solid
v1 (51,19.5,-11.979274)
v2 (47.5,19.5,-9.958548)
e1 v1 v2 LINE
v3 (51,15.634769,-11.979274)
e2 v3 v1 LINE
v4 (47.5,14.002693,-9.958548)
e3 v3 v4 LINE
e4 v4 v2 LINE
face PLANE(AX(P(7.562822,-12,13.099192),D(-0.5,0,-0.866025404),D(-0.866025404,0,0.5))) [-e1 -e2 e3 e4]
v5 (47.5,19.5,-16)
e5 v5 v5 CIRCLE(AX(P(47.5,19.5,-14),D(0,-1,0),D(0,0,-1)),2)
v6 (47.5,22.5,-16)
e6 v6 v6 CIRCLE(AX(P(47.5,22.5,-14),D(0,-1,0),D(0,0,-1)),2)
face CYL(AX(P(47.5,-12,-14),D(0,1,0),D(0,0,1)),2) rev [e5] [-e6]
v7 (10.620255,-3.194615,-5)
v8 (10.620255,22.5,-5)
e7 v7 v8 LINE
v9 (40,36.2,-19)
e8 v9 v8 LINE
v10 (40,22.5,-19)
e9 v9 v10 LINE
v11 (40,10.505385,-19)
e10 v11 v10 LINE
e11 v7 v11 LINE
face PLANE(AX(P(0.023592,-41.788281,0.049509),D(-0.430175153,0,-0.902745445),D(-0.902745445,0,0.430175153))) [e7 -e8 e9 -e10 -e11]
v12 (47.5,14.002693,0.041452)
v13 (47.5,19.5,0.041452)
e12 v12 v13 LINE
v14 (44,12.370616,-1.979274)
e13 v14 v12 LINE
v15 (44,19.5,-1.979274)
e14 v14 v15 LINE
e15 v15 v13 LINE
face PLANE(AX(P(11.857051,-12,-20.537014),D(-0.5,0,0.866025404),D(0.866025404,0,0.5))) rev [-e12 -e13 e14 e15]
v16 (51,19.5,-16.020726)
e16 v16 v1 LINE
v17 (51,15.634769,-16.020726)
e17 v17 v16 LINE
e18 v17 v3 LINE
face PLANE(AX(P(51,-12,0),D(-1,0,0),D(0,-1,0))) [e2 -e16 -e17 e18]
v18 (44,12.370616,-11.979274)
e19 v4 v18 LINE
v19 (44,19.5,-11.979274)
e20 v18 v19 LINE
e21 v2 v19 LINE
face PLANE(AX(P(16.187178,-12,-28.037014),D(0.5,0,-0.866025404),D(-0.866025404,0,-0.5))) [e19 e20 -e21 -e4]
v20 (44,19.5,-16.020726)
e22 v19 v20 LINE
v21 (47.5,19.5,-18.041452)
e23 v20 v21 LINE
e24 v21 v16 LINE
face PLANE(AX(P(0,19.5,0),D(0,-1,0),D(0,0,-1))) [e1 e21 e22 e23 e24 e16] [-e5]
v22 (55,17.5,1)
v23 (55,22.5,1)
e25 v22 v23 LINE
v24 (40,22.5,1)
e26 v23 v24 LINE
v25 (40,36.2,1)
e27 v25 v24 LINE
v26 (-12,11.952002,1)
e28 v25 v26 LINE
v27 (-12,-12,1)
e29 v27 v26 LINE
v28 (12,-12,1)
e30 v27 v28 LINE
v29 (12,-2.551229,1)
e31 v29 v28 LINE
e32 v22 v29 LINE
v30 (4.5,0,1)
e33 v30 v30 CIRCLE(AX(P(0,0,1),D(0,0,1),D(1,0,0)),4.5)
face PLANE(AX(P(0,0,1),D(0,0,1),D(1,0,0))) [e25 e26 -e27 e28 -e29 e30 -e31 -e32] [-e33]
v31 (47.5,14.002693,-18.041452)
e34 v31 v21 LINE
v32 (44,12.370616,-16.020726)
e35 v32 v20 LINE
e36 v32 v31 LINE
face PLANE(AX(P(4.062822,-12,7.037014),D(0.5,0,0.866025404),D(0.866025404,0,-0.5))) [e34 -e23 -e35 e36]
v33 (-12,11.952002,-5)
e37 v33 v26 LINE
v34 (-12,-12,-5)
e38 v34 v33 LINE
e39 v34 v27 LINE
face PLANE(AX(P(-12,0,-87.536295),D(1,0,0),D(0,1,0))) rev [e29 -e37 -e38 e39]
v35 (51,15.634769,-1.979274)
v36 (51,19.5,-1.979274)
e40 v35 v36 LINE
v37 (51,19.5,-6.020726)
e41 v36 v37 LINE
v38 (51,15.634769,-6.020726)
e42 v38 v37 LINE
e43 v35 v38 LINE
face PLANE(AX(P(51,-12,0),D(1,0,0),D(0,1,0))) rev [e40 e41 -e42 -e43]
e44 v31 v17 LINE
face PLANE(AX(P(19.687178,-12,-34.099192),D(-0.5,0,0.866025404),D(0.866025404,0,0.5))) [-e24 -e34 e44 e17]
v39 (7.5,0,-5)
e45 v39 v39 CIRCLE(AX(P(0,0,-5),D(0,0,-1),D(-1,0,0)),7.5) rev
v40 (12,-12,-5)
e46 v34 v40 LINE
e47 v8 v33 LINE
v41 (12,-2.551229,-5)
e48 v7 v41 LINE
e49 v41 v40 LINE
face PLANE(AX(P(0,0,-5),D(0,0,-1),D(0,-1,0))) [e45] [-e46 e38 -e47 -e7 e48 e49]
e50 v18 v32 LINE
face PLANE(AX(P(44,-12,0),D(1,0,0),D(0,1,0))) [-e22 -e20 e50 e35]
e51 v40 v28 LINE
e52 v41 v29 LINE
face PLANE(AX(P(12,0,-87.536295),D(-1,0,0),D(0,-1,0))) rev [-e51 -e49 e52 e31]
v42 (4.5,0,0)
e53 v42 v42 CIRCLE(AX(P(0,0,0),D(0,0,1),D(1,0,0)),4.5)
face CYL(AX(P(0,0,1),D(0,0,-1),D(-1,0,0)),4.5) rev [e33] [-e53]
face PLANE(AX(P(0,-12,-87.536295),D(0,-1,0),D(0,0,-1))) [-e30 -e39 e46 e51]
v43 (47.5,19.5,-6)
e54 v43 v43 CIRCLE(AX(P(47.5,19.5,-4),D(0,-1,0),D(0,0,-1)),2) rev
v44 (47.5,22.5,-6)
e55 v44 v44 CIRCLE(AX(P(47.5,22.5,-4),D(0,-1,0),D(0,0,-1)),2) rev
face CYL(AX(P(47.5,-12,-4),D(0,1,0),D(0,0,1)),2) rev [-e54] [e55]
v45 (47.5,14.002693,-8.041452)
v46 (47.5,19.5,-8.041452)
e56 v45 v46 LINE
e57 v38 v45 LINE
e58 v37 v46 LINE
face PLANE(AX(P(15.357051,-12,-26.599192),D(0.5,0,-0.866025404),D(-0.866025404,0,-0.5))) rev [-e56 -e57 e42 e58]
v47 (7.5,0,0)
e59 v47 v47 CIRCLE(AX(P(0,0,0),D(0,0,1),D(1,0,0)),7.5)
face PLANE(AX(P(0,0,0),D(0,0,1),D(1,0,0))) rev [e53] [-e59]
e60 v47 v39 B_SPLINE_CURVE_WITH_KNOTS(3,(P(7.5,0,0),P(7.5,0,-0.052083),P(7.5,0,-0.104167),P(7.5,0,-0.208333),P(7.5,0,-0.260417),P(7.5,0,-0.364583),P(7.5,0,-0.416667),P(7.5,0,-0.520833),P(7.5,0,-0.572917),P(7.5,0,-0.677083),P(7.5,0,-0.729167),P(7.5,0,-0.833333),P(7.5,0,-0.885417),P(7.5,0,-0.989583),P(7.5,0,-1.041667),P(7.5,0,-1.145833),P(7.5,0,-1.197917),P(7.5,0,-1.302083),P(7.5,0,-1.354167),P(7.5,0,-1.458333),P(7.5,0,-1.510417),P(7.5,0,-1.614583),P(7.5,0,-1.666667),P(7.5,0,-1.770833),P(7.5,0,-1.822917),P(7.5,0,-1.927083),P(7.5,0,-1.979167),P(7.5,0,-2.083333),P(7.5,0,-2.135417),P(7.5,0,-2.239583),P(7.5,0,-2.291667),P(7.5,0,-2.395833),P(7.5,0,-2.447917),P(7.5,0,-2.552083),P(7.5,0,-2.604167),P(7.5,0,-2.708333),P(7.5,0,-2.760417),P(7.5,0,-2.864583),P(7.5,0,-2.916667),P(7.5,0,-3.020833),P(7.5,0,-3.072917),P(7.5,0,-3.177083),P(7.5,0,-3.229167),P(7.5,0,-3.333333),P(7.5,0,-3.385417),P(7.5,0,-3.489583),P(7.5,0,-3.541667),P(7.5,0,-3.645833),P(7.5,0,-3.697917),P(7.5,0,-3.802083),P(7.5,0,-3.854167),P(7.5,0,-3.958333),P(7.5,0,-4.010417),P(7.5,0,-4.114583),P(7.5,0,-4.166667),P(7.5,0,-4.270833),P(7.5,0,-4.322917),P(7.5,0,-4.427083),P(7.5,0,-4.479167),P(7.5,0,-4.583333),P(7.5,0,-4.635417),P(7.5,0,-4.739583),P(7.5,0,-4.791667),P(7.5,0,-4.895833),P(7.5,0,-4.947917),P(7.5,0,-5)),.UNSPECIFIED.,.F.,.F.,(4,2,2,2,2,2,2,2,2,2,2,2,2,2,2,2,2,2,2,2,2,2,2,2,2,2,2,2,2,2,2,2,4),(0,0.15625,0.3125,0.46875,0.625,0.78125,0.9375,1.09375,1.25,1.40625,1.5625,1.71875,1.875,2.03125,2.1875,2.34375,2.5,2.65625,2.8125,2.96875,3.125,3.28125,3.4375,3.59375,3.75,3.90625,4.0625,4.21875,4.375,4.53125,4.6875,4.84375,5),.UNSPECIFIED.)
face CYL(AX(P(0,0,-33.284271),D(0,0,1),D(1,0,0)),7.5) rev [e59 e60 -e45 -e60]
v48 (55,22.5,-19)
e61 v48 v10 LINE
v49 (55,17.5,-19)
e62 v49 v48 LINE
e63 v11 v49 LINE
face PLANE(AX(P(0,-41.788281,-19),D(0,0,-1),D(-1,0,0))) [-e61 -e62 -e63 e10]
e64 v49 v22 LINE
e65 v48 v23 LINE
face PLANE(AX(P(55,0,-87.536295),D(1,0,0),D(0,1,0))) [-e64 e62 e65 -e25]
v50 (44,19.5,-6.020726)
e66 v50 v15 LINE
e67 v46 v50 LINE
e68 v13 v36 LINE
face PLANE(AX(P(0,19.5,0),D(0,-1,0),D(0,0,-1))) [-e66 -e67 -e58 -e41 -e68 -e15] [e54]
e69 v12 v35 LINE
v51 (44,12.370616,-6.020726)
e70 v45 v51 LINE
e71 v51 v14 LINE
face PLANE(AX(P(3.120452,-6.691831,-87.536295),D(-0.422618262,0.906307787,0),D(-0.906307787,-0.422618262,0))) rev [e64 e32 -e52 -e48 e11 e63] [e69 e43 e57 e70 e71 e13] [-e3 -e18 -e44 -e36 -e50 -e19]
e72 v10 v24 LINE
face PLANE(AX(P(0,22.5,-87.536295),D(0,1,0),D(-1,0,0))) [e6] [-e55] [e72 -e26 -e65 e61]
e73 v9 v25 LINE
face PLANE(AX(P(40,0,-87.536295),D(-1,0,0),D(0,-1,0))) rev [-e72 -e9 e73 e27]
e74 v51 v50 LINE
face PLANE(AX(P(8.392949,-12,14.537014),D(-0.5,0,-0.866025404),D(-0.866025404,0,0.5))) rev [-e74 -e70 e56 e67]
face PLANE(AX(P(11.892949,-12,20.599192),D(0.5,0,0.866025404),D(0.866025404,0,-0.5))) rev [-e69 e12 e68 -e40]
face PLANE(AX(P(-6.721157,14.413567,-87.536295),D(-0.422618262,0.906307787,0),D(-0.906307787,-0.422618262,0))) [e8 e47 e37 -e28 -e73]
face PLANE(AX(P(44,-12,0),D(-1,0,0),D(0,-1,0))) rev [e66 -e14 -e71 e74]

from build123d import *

# Parameters (mm, degrees)
SKETCH1_R           = 10
SKETCH1_R_2         = 7.5
BOSS_EXTRUDE1_DEPTH = 5
BOSS_EXTRUDE2_START = 1
SKETCH1_3_R         = 10
SKETCH1_3_R_2       = 7.5
SKETCH1_3_R_3       = 4.5
BOSS_EXTRUDE2_DEPTH = 1
SKETCH2_R           = 10
BOSS_EXTRUDE3_DEPTH = 6
BOSS_EXTRUDE7_REACH = 67.117
SKETCH3_W           = 15
SKETCH3_H           = 14
SKETCH4_R           = 2
CUT_EXTRUDE4_DEPTH  = 68.647985927
CUT_EXTRUDE5_START  = 3
SKETCH4_3_R         = 2
CUT_EXTRUDE5_DEPTH  = 65.647985927
BOSS_EXTRUDE8_REACH = 69.648


with BuildPart() as part:
    # Sketch1 → Boss-Extrude1 (new body)
    with BuildSketch(Plane.XY):
        Circle(SKETCH1_R)
        Circle(SKETCH1_R_2, mode=Mode.SUBTRACT)
    extrude(amount=-BOSS_EXTRUDE1_DEPTH)

    # Sketch1<3> → Boss-Extrude2 (add)
    # profile 1 of 2: a face of its own
    with BuildSketch(Plane.XY.offset(BOSS_EXTRUDE2_START)):
        Circle(SKETCH1_3_R)
        Circle(SKETCH1_3_R_2, mode=Mode.SUBTRACT)
    # profile 2 of 2: a face of its own
    with BuildSketch(Plane.XY.offset(BOSS_EXTRUDE2_START)):
        Circle(SKETCH1_3_R_2)
        Circle(SKETCH1_3_R_3, mode=Mode.SUBTRACT)
    extrude(amount=-BOSS_EXTRUDE2_DEPTH)

    # Sketch2 → Boss-Extrude3 (add)
    with BuildSketch(Plane.XY.offset(1)):
        Polygon((55, 17.5), (55, 22.5), (40, 22.5), (40, 36.2), (-12, 11.952001776), (-12, -12), (12, -12), (12, -2.551229301), align=None)
        Circle(SKETCH2_R, mode=Mode.SUBTRACT)
    extrude(amount=-BOSS_EXTRUDE3_DEPTH)

    # Boss-Extrude7: up to this plane
    boss_extrude7_end = Plane(origin=(3.120451856, -6.691830601, -87.536295046), z_dir=(-0.422618261740692, 0.9063077870366535, 0))
    # Sketch3 → Boss-Extrude7 (add, up to the surface)
    with BuildSketch(Plane.XZ.offset(-22.5), mode=Mode.PRIVATE) as boss_extrude7_sk1:
        Polygon((40, -5), (40, -19), (10.620255189, -5), align=None)
    boss_extrude7_tool1 = split(extrude(boss_extrude7_sk1.sketch, amount=BOSS_EXTRUDE7_REACH, mode=Mode.PRIVATE), bisect_by=boss_extrude7_end, keep=Keep.BOTH, mode=Mode.PRIVATE)
    add(boss_extrude7_tool1.solids().sort_by_distance((30.206752, 22.5, -9.666667))[0])
    # Sketch3 → Boss-Extrude7 (add, up to the surface)
    with BuildSketch(Plane.XZ.offset(-22.5), mode=Mode.PRIVATE) as boss_extrude7_sk2:
        with Locations((47.5, -12)):
            Rectangle(SKETCH3_W, SKETCH3_H)
    boss_extrude7_tool2 = split(extrude(boss_extrude7_sk2.sketch, amount=BOSS_EXTRUDE7_REACH, mode=Mode.PRIVATE), bisect_by=boss_extrude7_end, keep=Keep.BOTH, mode=Mode.PRIVATE)
    add(boss_extrude7_tool2.solids().sort_by_distance((47.5, 22.5, -12))[0])

    # Sketch4 → Cut-Extrude4 (cut, through all)
    with BuildSketch(Plane.XZ.offset(-22.5)):
        with Locations((47.5, -14)):
            Circle(SKETCH4_R)
        with Locations((47.5, -4)):
            Circle(SKETCH4_R)
    extrude(amount=CUT_EXTRUDE4_DEPTH, mode=Mode.SUBTRACT)

    # Sketch4<3> → Cut-Extrude5 (cut, through all)
    # profile 1 of 2: a face of its own
    with BuildSketch(Plane.XZ.offset(-22.5).offset(CUT_EXTRUDE5_START)):
        Polygon((47.5, -8.041451884), (44, -6.020725942), (44, -1.979274058), (47.5, 0.041451884), (51, -1.979274058), (51, -6.020725942), align=None)
        with Locations(Location((47.5, -4, 0), (0, 0, 270))):
            Circle(SKETCH4_3_R, mode=Mode.SUBTRACT)
    # profile 2 of 2: a face of its own
    with BuildSketch(Plane.XZ.offset(-22.5).offset(CUT_EXTRUDE5_START)):
        Polygon((51, -16.020725942), (51, -11.979274058), (47.5, -9.958548116), (44, -11.979274058), (44, -16.020725942), (47.5, -18.041451884), align=None)
        with Locations(Location((47.5, -14, 0), (0, 0, 270))):
            Circle(SKETCH4_3_R, mode=Mode.SUBTRACT)
    extrude(amount=CUT_EXTRUDE5_DEPTH, mode=Mode.SUBTRACT)

    # Boss-Extrude8: up to this face of the body (flat: up to its plane)
    boss_extrude8_end = Plane(part.part.faces().sort_by_distance((14, 24.076000888, -2))[0])
    # Sketch3<4> → Boss-Extrude8 (add, up to the picked face)
    with BuildSketch(Plane.XZ.offset(-22.5), mode=Mode.PRIVATE) as boss_extrude8_sk1:
        Polygon((40, -5), (40, -19), (10.620255189, -5), align=None)
    boss_extrude8_tool1 = split(extrude(boss_extrude8_sk1.sketch, amount=-BOSS_EXTRUDE8_REACH, mode=Mode.PRIVATE), bisect_by=boss_extrude8_end, keep=Keep.BOTH, mode=Mode.PRIVATE)
    add(boss_extrude8_tool1.solids().sort_by(Axis((30.206752, 22.5, -9.666667), (0, 1, 0)))[0])


solid = part.part
